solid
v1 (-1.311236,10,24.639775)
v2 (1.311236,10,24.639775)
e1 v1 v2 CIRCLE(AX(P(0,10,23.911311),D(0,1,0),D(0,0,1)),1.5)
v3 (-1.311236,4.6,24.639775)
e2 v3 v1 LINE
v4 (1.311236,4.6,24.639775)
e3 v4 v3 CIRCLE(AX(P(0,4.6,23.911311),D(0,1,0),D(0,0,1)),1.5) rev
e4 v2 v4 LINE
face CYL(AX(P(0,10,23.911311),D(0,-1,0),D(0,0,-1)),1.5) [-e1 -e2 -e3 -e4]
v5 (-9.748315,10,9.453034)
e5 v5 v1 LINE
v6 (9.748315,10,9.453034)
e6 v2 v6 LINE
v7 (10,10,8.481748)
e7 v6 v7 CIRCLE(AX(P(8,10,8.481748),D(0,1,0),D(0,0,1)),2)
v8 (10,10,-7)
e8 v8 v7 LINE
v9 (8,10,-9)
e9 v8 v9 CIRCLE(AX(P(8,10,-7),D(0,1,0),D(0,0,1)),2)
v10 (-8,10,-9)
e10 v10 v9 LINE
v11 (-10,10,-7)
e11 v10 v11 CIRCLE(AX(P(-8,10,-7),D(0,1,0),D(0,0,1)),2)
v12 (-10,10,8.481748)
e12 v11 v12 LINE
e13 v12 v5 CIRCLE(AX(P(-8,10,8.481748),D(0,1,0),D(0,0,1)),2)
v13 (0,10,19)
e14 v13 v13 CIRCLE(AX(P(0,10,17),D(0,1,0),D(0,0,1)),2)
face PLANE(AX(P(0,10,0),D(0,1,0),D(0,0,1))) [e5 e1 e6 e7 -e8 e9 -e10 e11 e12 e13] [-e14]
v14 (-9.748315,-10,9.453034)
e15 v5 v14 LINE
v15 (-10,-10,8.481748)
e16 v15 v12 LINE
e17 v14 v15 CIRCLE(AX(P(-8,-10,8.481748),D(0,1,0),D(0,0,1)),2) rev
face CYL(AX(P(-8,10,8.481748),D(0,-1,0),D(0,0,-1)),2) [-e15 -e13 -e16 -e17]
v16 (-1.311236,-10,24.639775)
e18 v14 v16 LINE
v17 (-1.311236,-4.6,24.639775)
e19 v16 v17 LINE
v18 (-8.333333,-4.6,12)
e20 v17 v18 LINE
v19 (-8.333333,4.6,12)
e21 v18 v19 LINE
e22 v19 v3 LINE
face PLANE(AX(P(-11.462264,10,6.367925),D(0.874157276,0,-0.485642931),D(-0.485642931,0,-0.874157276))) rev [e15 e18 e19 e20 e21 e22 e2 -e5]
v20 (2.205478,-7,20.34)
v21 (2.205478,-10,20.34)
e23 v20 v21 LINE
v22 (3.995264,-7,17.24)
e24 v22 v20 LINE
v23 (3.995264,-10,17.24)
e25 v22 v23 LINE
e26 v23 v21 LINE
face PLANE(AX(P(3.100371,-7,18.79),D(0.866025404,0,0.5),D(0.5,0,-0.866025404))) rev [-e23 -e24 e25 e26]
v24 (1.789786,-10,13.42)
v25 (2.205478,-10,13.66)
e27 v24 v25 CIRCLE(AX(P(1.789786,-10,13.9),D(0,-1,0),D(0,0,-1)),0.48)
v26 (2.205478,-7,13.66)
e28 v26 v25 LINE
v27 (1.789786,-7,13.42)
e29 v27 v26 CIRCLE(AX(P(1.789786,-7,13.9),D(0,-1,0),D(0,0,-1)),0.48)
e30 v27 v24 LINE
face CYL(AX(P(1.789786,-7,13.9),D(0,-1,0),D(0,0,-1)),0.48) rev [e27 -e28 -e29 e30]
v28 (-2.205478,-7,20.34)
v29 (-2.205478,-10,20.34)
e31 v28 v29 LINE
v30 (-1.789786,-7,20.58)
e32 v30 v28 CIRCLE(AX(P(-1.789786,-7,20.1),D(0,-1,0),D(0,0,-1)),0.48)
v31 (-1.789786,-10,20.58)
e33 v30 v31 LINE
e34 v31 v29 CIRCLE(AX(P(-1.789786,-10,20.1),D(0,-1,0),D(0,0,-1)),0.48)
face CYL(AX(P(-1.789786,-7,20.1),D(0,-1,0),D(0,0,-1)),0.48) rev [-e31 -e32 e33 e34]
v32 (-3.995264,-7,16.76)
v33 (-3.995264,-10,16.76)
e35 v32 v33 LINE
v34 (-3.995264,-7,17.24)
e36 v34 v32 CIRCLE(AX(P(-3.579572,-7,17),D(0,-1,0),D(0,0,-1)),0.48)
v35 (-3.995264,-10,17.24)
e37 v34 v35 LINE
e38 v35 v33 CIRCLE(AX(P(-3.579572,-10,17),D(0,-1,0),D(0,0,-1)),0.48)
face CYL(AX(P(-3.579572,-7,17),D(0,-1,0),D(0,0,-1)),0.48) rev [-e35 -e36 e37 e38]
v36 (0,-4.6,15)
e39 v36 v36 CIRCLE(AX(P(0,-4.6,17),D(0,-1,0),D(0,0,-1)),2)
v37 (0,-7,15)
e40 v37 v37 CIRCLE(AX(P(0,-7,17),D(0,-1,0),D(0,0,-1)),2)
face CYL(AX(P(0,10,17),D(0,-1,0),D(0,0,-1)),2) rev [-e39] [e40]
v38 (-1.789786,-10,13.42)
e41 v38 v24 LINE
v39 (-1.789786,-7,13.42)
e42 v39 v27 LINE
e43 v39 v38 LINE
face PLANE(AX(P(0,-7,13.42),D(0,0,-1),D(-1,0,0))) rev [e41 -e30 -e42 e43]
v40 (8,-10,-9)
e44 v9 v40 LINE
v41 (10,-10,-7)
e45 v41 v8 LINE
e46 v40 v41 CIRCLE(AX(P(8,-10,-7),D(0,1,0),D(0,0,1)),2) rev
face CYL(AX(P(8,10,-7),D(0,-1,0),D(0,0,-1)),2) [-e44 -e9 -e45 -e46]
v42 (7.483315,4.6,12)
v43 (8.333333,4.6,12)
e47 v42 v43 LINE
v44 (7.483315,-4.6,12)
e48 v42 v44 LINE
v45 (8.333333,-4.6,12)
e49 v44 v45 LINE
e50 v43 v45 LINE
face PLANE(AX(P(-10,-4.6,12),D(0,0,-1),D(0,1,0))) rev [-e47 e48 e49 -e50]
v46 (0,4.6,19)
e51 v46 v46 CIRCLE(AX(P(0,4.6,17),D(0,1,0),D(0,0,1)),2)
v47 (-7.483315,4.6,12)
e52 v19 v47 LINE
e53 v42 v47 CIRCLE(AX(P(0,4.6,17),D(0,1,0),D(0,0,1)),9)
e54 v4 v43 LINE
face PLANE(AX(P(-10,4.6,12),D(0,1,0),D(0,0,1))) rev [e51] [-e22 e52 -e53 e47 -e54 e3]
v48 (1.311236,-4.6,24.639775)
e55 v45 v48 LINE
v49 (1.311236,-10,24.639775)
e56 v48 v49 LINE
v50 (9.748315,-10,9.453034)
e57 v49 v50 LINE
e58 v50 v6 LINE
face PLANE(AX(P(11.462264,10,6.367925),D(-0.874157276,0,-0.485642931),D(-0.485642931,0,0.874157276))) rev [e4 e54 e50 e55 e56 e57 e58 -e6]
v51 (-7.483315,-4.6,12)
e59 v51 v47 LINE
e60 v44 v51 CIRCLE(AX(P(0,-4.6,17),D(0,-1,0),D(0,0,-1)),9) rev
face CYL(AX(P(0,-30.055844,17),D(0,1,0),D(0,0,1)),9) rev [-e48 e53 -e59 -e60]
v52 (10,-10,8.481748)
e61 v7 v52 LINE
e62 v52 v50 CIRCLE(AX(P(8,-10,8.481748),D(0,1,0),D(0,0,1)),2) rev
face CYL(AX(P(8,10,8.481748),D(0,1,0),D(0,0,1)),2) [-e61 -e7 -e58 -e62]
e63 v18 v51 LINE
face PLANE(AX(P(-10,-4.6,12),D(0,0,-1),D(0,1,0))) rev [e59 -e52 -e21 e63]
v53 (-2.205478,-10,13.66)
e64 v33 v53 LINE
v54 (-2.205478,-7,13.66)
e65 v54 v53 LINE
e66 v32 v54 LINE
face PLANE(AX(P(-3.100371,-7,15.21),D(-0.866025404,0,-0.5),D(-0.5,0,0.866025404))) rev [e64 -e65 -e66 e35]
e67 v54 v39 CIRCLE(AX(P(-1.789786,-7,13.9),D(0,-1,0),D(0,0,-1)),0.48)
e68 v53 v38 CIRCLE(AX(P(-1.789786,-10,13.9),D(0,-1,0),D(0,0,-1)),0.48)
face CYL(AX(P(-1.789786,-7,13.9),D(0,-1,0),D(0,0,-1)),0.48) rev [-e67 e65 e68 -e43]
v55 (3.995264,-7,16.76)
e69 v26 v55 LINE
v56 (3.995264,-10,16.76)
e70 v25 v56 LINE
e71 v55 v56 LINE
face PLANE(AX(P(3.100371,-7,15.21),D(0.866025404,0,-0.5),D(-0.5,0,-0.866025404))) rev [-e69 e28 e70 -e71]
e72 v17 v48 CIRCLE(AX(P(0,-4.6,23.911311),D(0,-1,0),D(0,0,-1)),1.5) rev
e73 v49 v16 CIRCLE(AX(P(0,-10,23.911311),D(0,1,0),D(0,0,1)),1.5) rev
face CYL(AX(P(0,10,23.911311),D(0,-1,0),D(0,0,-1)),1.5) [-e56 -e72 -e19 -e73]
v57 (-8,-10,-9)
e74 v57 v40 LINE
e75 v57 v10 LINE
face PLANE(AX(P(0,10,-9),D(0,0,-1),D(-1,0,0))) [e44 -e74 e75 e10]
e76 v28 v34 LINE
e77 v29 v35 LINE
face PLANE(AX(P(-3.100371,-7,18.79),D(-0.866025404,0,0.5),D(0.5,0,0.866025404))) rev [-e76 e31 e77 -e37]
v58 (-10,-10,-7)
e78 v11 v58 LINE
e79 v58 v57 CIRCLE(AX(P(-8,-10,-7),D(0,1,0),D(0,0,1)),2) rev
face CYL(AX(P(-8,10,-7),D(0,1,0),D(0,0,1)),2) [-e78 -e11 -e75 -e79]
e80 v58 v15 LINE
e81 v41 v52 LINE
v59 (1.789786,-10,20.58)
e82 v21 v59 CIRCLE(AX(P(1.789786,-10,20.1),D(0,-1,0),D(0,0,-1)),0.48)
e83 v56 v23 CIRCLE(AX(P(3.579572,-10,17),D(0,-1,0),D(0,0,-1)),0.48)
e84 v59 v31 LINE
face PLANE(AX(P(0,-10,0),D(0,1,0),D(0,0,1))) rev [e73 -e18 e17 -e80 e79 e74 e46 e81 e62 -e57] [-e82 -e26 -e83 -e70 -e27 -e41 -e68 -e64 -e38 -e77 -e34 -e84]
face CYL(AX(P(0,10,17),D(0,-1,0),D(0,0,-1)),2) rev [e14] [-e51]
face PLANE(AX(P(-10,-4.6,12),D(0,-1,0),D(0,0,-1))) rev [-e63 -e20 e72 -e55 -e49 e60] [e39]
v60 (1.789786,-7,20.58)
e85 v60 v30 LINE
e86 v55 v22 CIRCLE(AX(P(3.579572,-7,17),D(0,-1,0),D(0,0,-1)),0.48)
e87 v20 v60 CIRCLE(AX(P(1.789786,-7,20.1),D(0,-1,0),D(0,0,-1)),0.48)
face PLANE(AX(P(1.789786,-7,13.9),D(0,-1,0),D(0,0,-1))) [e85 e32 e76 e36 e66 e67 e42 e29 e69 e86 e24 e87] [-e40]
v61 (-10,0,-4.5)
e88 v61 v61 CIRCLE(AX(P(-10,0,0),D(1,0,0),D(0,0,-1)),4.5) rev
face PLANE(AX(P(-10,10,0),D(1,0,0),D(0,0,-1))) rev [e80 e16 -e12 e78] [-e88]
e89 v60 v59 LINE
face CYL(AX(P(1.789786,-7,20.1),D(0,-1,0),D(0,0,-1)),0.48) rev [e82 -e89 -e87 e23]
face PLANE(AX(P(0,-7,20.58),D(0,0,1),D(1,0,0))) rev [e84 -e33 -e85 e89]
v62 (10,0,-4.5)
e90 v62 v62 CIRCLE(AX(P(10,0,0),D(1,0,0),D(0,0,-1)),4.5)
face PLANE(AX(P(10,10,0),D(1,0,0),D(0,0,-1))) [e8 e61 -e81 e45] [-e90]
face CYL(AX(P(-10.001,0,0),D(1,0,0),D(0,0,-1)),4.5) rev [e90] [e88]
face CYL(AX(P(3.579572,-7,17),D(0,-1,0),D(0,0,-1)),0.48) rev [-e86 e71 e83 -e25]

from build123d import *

# Parameters (mm, degrees)
SKETCH2_R                      = 2
BOSS_EXTRUDE1_DEPTH            = 10
CUT_EXTRUDE2_DEPTH             = 31.479501308
CUT_EXTRUDE2_DEPTH_BACK        = 31.479501308
SKETCH4_W                      = 15
SKETCH4_H                      = 9.2
CUT_EXTRUDE1_REACH             = 37.057
SKETCH3_R                      = 4.5
FILLET3_R                      = 1.5
FILLET4_R                      = 2
CUT_EXTRUDE3_REACH             = 31.082
SKETCH5_R                      = 9
CUT_EXTRUDE3_DIRECTION_2_REACH = 31.082
CUT_EXTRUDE4_DEPTH             = 3


with BuildPart() as part:
    # Sketch2 → Boss-Extrude1 (new, symmetric)
    with BuildSketch(Plane(origin=(0, 0, 0), x_dir=(1, 0, 0), z_dir=(0, 1, 0))):
        Polygon((-10, -9), (0, -27), (10, -9), (10, 9), (-10, 9), align=None)
        with Locations(Location((0, -17, 0), (0, 0, 270))):
            Circle(SKETCH2_R, mode=Mode.SUBTRACT)
    extrude(amount=BOSS_EXTRUDE1_DEPTH, both=True)

    # Sketch4 → Cut-Extrude2 (cut, two sides: drawn at the far end of the back side and taken through both)
    with BuildSketch(Plane(origin=(0, 0, 0), x_dir=(0, 0, -1), z_dir=(1, 0, 0)).offset(-CUT_EXTRUDE2_DEPTH_BACK)):
        with Locations((-19.5, 0)):
            Rectangle(SKETCH4_W, SKETCH4_H)
    extrude(amount=CUT_EXTRUDE2_DEPTH + CUT_EXTRUDE2_DEPTH_BACK, mode=Mode.SUBTRACT)

    # Sketch3 → Cut-Extrude1 (cut, up to next)
    with BuildSketch(Plane(origin=(10, 0, 0), x_dir=(0, 0, -1), z_dir=(1, 0, 0)), mode=Mode.PRIVATE) as cut_extrude1_sk1:
        Circle(SKETCH3_R)
    cut_extrude1_tool1 = extrude(cut_extrude1_sk1.sketch, amount=-CUT_EXTRUDE1_REACH, mode=Mode.PRIVATE) & part.part
    add(cut_extrude1_tool1.solids().sort_by_distance((10, 0, 0))[0], mode=Mode.SUBTRACT)

    # Fillet3
    fillet3_edges = [part.edges().sort_by_distance(p)[0] for p in [
        (0, 7.3, 27),
        (0, -7.3, 27),
    ]]
    fillet(fillet3_edges, radius=FILLET3_R)

    # Fillet4
    fillet4_edges = [part.edges().sort_by_distance(p)[0] for p in [
        (10, 0, 9),
        (-10, 0, 9),
        (-10, 0, -9),
        (10, 0, -9),
    ]]
    fillet(fillet4_edges, radius=FILLET4_R)

    # Cut-Extrude3: up to this face of the body (flat: up to its plane)
    cut_extrude3_end = Plane(part.part.faces().sort_by_distance((-4.635280123, -4.6, 18.215996288))[0])
    # Sketch5 → Cut-Extrude3 (cut, up to the picked face)
    with BuildSketch(Plane(origin=(0, 0, 0), x_dir=(1, 0, 0), z_dir=(0, 1, 0)), mode=Mode.PRIVATE) as cut_extrude3_sk1:
        with Locations((0, -17)):
            Circle(SKETCH5_R)
    cut_extrude3_tool1 = split(extrude(cut_extrude3_sk1.sketch, amount=-CUT_EXTRUDE3_REACH, mode=Mode.PRIVATE), bisect_by=cut_extrude3_end, keep=Keep.BOTH, mode=Mode.PRIVATE)
    add(cut_extrude3_tool1.solids().sort_by(Axis((0, 0, 17), (0, -1, 0)))[0], mode=Mode.SUBTRACT)

    # Cut-Extrude3 direction 2: up to this face of the body (flat: up to its plane)
    cut_extrude3_direction_2_end = Plane(part.part.faces().sort_by_distance((-4.635280123, 4.6, 18.215996288))[0])
    # Sketch5 → Cut-Extrude3 direction 2 (cut, up to the picked face)
    with BuildSketch(Plane(origin=(0, 0, 0), x_dir=(1, 0, 0), z_dir=(0, 1, 0)), mode=Mode.PRIVATE) as cut_extrude3_direction_2_sk1:
        with Locations((0, -17)):
            Circle(SKETCH5_R)
    cut_extrude3_direction_2_tool1 = split(extrude(cut_extrude3_direction_2_sk1.sketch, amount=CUT_EXTRUDE3_DIRECTION_2_REACH, mode=Mode.PRIVATE), bisect_by=cut_extrude3_direction_2_end, keep=Keep.BOTH, mode=Mode.PRIVATE)
    add(cut_extrude3_direction_2_tool1.solids().sort_by(Axis((0, 0, 17), (0, 1, 0)))[0], mode=Mode.SUBTRACT)

    # Sketch8 → Cut-Extrude4 (cut)
    with BuildSketch(Plane.XZ.offset(10)):
        with BuildLine():
            Line((2.205478028, 13.66), (3.100370946, 15.21))
            Line((3.100370946, 15.21), (3.995263863, 16.76))
            ThreePointArc((3.995263863, 16.76), (4.059571669, 17), (3.995263863, 17.24))
            Line((3.995263863, 17.24), (3.100370946, 18.79))
            Line((3.100370946, 18.79), (2.205478028, 20.34))
            ThreePointArc((2.205478028, 20.34), (2.029785834, 20.515692194), (1.789785834, 20.58))
            Line((1.789785834, 20.58), (0, 20.58))
            Line((0, 20.58), (-1.789785834, 20.58))
            ThreePointArc((-1.789785834, 20.58), (-2.029785834, 20.515692194), (-2.205478028, 20.34))
            Line((-2.205478028, 20.34), (-3.100370946, 18.79))
            Line((-3.100370946, 18.79), (-3.995263863, 17.24))
            ThreePointArc((-3.995263863, 17.24), (-4.059571669, 17), (-3.995263863, 16.76))
            Line((-3.995263863, 16.76), (-3.100370946, 15.21))
            Line((-3.100370946, 15.21), (-2.205478028, 13.66))
            ThreePointArc((-2.205478028, 13.66), (-2.029785834, 13.484307806), (-1.789785834, 13.42))
            Line((-1.789785834, 13.42), (0, 13.42))
            Line((0, 13.42), (1.789785834, 13.42))
            ThreePointArc((1.789785834, 13.42), (2.029785834, 13.484307806), (2.205478028, 13.66))
        make_face()
    extrude(amount=-CUT_EXTRUDE4_DEPTH, mode=Mode.SUBTRACT)


solid = part.part
